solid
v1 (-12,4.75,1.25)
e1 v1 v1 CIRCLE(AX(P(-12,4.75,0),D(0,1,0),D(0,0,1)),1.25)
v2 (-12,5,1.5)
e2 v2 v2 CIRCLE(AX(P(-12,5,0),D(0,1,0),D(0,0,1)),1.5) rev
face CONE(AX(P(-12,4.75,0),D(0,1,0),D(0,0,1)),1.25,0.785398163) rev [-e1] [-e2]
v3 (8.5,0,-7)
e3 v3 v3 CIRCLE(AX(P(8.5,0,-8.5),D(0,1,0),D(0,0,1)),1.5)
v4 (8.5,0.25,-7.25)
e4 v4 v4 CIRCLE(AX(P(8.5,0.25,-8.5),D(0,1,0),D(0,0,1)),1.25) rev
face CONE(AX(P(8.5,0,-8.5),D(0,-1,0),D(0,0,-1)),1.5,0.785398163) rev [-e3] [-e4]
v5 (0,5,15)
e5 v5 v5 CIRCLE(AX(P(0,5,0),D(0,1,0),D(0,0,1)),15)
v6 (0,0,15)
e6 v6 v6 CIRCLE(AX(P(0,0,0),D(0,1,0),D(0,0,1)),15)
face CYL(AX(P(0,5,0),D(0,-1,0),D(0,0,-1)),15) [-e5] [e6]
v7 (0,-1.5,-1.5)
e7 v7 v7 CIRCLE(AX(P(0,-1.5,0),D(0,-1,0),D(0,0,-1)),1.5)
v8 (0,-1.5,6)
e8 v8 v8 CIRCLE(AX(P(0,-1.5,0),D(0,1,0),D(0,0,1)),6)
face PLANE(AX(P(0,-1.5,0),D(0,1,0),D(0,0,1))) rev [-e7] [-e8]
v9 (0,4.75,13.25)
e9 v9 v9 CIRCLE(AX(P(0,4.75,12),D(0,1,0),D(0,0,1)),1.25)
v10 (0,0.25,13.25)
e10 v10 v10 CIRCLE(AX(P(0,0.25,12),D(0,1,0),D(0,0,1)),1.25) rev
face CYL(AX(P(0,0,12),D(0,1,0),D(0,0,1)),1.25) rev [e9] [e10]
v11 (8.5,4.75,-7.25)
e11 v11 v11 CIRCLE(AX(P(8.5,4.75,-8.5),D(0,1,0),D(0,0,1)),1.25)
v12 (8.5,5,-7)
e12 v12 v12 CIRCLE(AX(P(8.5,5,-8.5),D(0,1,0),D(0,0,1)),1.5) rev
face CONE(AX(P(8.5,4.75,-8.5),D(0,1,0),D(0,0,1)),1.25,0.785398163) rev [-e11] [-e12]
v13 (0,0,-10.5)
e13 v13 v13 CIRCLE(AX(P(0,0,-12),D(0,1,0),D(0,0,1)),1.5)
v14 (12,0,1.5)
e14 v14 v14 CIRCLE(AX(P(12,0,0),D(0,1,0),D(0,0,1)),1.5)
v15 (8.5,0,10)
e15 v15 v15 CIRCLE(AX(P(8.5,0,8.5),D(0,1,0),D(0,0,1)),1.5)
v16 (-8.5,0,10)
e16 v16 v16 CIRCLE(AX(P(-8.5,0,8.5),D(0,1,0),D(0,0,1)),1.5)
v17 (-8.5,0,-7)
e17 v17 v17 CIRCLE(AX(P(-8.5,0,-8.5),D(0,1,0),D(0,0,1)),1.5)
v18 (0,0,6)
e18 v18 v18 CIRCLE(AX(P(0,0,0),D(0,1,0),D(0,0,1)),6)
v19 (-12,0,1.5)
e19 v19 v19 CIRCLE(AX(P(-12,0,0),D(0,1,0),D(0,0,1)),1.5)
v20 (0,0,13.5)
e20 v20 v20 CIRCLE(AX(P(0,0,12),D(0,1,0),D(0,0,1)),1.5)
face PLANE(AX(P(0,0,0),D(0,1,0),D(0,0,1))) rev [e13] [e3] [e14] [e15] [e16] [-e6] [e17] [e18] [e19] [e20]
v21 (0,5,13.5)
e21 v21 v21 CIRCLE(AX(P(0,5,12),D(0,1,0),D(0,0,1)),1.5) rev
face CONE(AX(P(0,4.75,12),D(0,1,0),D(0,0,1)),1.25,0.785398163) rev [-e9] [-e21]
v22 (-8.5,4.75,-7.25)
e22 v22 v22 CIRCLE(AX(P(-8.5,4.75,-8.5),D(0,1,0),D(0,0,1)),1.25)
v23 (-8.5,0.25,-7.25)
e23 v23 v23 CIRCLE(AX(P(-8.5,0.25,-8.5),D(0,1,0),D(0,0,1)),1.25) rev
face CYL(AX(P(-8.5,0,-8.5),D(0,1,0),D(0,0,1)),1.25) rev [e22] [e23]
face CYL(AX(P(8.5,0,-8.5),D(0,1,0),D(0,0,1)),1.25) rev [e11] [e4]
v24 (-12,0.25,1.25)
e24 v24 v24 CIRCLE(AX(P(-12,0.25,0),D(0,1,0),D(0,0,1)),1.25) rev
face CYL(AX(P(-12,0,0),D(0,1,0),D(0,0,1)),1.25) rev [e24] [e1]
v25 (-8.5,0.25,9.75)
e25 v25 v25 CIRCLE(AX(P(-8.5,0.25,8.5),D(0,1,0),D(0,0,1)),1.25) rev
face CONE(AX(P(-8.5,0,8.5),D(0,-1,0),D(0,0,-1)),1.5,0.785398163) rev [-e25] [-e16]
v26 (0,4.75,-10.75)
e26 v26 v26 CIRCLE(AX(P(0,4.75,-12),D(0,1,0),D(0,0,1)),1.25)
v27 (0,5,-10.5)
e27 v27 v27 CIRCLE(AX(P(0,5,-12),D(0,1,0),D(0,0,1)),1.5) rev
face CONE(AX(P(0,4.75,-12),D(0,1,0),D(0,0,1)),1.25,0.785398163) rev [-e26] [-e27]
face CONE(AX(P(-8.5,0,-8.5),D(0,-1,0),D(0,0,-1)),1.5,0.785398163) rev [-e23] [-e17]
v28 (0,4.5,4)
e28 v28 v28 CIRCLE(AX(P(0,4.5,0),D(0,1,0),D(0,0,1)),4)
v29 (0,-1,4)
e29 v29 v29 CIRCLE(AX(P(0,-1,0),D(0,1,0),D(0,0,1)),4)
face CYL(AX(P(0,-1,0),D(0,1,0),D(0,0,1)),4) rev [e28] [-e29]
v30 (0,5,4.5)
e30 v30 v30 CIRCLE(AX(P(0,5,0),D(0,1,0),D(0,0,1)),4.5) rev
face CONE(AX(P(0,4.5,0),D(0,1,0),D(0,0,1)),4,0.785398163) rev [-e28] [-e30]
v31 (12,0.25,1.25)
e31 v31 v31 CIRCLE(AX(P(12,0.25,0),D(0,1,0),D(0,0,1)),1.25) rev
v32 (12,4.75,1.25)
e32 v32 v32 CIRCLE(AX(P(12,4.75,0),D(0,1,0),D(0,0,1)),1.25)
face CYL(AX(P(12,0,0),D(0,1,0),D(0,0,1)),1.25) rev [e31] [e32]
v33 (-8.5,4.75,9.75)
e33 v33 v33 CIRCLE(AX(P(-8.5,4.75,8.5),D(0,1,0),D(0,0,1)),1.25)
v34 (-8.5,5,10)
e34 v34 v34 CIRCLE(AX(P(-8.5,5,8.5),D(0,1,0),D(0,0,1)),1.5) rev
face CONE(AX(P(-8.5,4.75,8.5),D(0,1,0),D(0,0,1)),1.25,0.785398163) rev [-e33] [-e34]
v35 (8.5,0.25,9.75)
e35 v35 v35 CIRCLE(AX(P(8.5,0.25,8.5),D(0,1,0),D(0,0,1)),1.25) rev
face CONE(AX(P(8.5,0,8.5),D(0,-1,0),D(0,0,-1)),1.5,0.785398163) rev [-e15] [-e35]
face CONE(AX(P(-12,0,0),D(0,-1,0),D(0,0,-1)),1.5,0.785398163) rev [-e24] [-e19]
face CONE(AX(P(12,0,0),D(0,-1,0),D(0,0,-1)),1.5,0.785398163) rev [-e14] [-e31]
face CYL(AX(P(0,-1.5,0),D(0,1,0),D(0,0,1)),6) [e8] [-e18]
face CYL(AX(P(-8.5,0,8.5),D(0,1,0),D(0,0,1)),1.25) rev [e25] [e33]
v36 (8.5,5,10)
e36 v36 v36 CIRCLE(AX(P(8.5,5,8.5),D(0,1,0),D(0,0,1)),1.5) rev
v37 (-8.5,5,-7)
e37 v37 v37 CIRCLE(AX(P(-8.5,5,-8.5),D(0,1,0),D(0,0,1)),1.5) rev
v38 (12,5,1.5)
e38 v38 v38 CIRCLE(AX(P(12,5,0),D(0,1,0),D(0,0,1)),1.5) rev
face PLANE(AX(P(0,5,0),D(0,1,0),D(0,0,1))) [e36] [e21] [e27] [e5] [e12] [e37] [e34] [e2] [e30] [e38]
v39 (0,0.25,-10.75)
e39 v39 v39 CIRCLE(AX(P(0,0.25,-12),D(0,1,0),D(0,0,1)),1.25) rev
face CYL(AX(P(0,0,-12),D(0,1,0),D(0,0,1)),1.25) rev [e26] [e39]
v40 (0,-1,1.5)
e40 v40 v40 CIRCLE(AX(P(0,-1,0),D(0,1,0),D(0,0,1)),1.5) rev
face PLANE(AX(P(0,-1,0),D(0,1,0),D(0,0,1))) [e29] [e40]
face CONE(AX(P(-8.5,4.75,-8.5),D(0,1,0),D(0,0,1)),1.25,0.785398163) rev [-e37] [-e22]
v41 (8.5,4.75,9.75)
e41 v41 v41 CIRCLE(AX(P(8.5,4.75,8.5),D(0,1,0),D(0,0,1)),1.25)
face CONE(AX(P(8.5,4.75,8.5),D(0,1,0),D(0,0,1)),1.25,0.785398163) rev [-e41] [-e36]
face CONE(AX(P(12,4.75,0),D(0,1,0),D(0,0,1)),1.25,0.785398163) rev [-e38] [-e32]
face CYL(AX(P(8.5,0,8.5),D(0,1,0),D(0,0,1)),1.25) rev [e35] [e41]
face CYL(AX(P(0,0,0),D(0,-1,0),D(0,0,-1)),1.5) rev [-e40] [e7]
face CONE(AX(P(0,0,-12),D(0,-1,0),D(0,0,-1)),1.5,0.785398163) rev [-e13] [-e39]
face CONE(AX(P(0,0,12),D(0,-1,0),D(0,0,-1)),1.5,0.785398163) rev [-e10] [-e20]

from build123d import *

# Parameters (mm, degrees)
SKETCH1_R           = 15
BOSS_EXTRUDE1_DEPTH = 5
SKETCH2_R           = 1.25
CUT_EXTRUDE1_DEPTH  = 6
SKETCH3_R           = 6
BOSS_EXTRUDE2_DEPTH = 1.5
SKETCH4_R           = 1.5
CUT_EXTRUDE2_DEPTH  = 1.5
CHAMFER5_SIZE       = 0.25
SKETCH5_R           = 4
CUT_EXTRUDE3_DEPTH  = 6
CHAMFER7_SIZE       = 0.5


with BuildPart() as part:
    # Sketch1 → Boss-Extrude1 (new body)
    with BuildSketch(Plane(origin=(0, 0, 0), x_dir=(1, 0, 0), z_dir=(0, 1, 0))):
        Circle(SKETCH1_R)
    extrude(amount=BOSS_EXTRUDE1_DEPTH)

    # Sketch2 → Cut-Extrude1 (cut, through all)
    with BuildSketch(Plane(origin=(0, 5, 0), x_dir=(1, 0, 0), z_dir=(0, 1, 0))):
        with Locations((0, 12)):
            Circle(SKETCH2_R)
        with Locations((-12, 0)):
            Circle(SKETCH2_R)
        with Locations((0, -12)):
            Circle(SKETCH2_R)
        with Locations((12, 0)):
            Circle(SKETCH2_R)
        with Locations((-8.5, 8.5)):
            Circle(SKETCH2_R)
        with Locations((-8.5, -8.5)):
            Circle(SKETCH2_R)
        with Locations((8.5, 8.5)):
            Circle(SKETCH2_R)
        with Locations((8.5, -8.5)):
            Circle(SKETCH2_R)
    extrude(amount=-CUT_EXTRUDE1_DEPTH, mode=Mode.SUBTRACT)

    # Sketch3 → Boss-Extrude2 (add)
    with BuildSketch(Plane(origin=(0, 0, 0), x_dir=(1, 0, 0), z_dir=(0, 1, 0))):
        Circle(SKETCH3_R)
    extrude(amount=-BOSS_EXTRUDE2_DEPTH)

    # Sketch4 → Cut-Extrude2 (cut)
    with BuildSketch(Plane.XZ.offset(1.5)):
        Circle(SKETCH4_R)
    extrude(amount=-CUT_EXTRUDE2_DEPTH, mode=Mode.SUBTRACT)

    # Chamfer5
    chamfer5_edges = [part.edges().sort_by_distance(p)[0] for p in [
        (-1.25, 0, -12),
        (-1.25, 5, -12),
        (7.25, 0, 8.5),
        (7.25, 5, 8.5),
        (7.25, 0, -8.5),
        (7.25, 5, -8.5),
        (-9.75, 0, -8.5),
        (-9.75, 5, -8.5),
        (-13.25, 0, 0),
        (-13.25, 5, 0),
        (-1.25, 0, 12),
        (-1.25, 5, 12),
        (10.75, 0, 0),
        (10.75, 5, 0),
        (-9.75, 0, 8.5),
        (-9.75, 5, 8.5),
    ]]
    chamfer(chamfer5_edges, length=CHAMFER5_SIZE)

    # Sketch5 → Cut-Extrude3 (cut)
    with BuildSketch(Plane(origin=(0, 5, 0), x_dir=(1, 0, 0), z_dir=(0, 1, 0))):
        Circle(SKETCH5_R)
    extrude(amount=-CUT_EXTRUDE3_DEPTH, mode=Mode.SUBTRACT)

    # Chamfer7
    chamfer7_edges = [part.edges().sort_by_distance(p)[0] for p in [
        (-4, 5, 0),
    ]]
    chamfer(chamfer7_edges, length=CHAMFER7_SIZE)


solid = part.part
